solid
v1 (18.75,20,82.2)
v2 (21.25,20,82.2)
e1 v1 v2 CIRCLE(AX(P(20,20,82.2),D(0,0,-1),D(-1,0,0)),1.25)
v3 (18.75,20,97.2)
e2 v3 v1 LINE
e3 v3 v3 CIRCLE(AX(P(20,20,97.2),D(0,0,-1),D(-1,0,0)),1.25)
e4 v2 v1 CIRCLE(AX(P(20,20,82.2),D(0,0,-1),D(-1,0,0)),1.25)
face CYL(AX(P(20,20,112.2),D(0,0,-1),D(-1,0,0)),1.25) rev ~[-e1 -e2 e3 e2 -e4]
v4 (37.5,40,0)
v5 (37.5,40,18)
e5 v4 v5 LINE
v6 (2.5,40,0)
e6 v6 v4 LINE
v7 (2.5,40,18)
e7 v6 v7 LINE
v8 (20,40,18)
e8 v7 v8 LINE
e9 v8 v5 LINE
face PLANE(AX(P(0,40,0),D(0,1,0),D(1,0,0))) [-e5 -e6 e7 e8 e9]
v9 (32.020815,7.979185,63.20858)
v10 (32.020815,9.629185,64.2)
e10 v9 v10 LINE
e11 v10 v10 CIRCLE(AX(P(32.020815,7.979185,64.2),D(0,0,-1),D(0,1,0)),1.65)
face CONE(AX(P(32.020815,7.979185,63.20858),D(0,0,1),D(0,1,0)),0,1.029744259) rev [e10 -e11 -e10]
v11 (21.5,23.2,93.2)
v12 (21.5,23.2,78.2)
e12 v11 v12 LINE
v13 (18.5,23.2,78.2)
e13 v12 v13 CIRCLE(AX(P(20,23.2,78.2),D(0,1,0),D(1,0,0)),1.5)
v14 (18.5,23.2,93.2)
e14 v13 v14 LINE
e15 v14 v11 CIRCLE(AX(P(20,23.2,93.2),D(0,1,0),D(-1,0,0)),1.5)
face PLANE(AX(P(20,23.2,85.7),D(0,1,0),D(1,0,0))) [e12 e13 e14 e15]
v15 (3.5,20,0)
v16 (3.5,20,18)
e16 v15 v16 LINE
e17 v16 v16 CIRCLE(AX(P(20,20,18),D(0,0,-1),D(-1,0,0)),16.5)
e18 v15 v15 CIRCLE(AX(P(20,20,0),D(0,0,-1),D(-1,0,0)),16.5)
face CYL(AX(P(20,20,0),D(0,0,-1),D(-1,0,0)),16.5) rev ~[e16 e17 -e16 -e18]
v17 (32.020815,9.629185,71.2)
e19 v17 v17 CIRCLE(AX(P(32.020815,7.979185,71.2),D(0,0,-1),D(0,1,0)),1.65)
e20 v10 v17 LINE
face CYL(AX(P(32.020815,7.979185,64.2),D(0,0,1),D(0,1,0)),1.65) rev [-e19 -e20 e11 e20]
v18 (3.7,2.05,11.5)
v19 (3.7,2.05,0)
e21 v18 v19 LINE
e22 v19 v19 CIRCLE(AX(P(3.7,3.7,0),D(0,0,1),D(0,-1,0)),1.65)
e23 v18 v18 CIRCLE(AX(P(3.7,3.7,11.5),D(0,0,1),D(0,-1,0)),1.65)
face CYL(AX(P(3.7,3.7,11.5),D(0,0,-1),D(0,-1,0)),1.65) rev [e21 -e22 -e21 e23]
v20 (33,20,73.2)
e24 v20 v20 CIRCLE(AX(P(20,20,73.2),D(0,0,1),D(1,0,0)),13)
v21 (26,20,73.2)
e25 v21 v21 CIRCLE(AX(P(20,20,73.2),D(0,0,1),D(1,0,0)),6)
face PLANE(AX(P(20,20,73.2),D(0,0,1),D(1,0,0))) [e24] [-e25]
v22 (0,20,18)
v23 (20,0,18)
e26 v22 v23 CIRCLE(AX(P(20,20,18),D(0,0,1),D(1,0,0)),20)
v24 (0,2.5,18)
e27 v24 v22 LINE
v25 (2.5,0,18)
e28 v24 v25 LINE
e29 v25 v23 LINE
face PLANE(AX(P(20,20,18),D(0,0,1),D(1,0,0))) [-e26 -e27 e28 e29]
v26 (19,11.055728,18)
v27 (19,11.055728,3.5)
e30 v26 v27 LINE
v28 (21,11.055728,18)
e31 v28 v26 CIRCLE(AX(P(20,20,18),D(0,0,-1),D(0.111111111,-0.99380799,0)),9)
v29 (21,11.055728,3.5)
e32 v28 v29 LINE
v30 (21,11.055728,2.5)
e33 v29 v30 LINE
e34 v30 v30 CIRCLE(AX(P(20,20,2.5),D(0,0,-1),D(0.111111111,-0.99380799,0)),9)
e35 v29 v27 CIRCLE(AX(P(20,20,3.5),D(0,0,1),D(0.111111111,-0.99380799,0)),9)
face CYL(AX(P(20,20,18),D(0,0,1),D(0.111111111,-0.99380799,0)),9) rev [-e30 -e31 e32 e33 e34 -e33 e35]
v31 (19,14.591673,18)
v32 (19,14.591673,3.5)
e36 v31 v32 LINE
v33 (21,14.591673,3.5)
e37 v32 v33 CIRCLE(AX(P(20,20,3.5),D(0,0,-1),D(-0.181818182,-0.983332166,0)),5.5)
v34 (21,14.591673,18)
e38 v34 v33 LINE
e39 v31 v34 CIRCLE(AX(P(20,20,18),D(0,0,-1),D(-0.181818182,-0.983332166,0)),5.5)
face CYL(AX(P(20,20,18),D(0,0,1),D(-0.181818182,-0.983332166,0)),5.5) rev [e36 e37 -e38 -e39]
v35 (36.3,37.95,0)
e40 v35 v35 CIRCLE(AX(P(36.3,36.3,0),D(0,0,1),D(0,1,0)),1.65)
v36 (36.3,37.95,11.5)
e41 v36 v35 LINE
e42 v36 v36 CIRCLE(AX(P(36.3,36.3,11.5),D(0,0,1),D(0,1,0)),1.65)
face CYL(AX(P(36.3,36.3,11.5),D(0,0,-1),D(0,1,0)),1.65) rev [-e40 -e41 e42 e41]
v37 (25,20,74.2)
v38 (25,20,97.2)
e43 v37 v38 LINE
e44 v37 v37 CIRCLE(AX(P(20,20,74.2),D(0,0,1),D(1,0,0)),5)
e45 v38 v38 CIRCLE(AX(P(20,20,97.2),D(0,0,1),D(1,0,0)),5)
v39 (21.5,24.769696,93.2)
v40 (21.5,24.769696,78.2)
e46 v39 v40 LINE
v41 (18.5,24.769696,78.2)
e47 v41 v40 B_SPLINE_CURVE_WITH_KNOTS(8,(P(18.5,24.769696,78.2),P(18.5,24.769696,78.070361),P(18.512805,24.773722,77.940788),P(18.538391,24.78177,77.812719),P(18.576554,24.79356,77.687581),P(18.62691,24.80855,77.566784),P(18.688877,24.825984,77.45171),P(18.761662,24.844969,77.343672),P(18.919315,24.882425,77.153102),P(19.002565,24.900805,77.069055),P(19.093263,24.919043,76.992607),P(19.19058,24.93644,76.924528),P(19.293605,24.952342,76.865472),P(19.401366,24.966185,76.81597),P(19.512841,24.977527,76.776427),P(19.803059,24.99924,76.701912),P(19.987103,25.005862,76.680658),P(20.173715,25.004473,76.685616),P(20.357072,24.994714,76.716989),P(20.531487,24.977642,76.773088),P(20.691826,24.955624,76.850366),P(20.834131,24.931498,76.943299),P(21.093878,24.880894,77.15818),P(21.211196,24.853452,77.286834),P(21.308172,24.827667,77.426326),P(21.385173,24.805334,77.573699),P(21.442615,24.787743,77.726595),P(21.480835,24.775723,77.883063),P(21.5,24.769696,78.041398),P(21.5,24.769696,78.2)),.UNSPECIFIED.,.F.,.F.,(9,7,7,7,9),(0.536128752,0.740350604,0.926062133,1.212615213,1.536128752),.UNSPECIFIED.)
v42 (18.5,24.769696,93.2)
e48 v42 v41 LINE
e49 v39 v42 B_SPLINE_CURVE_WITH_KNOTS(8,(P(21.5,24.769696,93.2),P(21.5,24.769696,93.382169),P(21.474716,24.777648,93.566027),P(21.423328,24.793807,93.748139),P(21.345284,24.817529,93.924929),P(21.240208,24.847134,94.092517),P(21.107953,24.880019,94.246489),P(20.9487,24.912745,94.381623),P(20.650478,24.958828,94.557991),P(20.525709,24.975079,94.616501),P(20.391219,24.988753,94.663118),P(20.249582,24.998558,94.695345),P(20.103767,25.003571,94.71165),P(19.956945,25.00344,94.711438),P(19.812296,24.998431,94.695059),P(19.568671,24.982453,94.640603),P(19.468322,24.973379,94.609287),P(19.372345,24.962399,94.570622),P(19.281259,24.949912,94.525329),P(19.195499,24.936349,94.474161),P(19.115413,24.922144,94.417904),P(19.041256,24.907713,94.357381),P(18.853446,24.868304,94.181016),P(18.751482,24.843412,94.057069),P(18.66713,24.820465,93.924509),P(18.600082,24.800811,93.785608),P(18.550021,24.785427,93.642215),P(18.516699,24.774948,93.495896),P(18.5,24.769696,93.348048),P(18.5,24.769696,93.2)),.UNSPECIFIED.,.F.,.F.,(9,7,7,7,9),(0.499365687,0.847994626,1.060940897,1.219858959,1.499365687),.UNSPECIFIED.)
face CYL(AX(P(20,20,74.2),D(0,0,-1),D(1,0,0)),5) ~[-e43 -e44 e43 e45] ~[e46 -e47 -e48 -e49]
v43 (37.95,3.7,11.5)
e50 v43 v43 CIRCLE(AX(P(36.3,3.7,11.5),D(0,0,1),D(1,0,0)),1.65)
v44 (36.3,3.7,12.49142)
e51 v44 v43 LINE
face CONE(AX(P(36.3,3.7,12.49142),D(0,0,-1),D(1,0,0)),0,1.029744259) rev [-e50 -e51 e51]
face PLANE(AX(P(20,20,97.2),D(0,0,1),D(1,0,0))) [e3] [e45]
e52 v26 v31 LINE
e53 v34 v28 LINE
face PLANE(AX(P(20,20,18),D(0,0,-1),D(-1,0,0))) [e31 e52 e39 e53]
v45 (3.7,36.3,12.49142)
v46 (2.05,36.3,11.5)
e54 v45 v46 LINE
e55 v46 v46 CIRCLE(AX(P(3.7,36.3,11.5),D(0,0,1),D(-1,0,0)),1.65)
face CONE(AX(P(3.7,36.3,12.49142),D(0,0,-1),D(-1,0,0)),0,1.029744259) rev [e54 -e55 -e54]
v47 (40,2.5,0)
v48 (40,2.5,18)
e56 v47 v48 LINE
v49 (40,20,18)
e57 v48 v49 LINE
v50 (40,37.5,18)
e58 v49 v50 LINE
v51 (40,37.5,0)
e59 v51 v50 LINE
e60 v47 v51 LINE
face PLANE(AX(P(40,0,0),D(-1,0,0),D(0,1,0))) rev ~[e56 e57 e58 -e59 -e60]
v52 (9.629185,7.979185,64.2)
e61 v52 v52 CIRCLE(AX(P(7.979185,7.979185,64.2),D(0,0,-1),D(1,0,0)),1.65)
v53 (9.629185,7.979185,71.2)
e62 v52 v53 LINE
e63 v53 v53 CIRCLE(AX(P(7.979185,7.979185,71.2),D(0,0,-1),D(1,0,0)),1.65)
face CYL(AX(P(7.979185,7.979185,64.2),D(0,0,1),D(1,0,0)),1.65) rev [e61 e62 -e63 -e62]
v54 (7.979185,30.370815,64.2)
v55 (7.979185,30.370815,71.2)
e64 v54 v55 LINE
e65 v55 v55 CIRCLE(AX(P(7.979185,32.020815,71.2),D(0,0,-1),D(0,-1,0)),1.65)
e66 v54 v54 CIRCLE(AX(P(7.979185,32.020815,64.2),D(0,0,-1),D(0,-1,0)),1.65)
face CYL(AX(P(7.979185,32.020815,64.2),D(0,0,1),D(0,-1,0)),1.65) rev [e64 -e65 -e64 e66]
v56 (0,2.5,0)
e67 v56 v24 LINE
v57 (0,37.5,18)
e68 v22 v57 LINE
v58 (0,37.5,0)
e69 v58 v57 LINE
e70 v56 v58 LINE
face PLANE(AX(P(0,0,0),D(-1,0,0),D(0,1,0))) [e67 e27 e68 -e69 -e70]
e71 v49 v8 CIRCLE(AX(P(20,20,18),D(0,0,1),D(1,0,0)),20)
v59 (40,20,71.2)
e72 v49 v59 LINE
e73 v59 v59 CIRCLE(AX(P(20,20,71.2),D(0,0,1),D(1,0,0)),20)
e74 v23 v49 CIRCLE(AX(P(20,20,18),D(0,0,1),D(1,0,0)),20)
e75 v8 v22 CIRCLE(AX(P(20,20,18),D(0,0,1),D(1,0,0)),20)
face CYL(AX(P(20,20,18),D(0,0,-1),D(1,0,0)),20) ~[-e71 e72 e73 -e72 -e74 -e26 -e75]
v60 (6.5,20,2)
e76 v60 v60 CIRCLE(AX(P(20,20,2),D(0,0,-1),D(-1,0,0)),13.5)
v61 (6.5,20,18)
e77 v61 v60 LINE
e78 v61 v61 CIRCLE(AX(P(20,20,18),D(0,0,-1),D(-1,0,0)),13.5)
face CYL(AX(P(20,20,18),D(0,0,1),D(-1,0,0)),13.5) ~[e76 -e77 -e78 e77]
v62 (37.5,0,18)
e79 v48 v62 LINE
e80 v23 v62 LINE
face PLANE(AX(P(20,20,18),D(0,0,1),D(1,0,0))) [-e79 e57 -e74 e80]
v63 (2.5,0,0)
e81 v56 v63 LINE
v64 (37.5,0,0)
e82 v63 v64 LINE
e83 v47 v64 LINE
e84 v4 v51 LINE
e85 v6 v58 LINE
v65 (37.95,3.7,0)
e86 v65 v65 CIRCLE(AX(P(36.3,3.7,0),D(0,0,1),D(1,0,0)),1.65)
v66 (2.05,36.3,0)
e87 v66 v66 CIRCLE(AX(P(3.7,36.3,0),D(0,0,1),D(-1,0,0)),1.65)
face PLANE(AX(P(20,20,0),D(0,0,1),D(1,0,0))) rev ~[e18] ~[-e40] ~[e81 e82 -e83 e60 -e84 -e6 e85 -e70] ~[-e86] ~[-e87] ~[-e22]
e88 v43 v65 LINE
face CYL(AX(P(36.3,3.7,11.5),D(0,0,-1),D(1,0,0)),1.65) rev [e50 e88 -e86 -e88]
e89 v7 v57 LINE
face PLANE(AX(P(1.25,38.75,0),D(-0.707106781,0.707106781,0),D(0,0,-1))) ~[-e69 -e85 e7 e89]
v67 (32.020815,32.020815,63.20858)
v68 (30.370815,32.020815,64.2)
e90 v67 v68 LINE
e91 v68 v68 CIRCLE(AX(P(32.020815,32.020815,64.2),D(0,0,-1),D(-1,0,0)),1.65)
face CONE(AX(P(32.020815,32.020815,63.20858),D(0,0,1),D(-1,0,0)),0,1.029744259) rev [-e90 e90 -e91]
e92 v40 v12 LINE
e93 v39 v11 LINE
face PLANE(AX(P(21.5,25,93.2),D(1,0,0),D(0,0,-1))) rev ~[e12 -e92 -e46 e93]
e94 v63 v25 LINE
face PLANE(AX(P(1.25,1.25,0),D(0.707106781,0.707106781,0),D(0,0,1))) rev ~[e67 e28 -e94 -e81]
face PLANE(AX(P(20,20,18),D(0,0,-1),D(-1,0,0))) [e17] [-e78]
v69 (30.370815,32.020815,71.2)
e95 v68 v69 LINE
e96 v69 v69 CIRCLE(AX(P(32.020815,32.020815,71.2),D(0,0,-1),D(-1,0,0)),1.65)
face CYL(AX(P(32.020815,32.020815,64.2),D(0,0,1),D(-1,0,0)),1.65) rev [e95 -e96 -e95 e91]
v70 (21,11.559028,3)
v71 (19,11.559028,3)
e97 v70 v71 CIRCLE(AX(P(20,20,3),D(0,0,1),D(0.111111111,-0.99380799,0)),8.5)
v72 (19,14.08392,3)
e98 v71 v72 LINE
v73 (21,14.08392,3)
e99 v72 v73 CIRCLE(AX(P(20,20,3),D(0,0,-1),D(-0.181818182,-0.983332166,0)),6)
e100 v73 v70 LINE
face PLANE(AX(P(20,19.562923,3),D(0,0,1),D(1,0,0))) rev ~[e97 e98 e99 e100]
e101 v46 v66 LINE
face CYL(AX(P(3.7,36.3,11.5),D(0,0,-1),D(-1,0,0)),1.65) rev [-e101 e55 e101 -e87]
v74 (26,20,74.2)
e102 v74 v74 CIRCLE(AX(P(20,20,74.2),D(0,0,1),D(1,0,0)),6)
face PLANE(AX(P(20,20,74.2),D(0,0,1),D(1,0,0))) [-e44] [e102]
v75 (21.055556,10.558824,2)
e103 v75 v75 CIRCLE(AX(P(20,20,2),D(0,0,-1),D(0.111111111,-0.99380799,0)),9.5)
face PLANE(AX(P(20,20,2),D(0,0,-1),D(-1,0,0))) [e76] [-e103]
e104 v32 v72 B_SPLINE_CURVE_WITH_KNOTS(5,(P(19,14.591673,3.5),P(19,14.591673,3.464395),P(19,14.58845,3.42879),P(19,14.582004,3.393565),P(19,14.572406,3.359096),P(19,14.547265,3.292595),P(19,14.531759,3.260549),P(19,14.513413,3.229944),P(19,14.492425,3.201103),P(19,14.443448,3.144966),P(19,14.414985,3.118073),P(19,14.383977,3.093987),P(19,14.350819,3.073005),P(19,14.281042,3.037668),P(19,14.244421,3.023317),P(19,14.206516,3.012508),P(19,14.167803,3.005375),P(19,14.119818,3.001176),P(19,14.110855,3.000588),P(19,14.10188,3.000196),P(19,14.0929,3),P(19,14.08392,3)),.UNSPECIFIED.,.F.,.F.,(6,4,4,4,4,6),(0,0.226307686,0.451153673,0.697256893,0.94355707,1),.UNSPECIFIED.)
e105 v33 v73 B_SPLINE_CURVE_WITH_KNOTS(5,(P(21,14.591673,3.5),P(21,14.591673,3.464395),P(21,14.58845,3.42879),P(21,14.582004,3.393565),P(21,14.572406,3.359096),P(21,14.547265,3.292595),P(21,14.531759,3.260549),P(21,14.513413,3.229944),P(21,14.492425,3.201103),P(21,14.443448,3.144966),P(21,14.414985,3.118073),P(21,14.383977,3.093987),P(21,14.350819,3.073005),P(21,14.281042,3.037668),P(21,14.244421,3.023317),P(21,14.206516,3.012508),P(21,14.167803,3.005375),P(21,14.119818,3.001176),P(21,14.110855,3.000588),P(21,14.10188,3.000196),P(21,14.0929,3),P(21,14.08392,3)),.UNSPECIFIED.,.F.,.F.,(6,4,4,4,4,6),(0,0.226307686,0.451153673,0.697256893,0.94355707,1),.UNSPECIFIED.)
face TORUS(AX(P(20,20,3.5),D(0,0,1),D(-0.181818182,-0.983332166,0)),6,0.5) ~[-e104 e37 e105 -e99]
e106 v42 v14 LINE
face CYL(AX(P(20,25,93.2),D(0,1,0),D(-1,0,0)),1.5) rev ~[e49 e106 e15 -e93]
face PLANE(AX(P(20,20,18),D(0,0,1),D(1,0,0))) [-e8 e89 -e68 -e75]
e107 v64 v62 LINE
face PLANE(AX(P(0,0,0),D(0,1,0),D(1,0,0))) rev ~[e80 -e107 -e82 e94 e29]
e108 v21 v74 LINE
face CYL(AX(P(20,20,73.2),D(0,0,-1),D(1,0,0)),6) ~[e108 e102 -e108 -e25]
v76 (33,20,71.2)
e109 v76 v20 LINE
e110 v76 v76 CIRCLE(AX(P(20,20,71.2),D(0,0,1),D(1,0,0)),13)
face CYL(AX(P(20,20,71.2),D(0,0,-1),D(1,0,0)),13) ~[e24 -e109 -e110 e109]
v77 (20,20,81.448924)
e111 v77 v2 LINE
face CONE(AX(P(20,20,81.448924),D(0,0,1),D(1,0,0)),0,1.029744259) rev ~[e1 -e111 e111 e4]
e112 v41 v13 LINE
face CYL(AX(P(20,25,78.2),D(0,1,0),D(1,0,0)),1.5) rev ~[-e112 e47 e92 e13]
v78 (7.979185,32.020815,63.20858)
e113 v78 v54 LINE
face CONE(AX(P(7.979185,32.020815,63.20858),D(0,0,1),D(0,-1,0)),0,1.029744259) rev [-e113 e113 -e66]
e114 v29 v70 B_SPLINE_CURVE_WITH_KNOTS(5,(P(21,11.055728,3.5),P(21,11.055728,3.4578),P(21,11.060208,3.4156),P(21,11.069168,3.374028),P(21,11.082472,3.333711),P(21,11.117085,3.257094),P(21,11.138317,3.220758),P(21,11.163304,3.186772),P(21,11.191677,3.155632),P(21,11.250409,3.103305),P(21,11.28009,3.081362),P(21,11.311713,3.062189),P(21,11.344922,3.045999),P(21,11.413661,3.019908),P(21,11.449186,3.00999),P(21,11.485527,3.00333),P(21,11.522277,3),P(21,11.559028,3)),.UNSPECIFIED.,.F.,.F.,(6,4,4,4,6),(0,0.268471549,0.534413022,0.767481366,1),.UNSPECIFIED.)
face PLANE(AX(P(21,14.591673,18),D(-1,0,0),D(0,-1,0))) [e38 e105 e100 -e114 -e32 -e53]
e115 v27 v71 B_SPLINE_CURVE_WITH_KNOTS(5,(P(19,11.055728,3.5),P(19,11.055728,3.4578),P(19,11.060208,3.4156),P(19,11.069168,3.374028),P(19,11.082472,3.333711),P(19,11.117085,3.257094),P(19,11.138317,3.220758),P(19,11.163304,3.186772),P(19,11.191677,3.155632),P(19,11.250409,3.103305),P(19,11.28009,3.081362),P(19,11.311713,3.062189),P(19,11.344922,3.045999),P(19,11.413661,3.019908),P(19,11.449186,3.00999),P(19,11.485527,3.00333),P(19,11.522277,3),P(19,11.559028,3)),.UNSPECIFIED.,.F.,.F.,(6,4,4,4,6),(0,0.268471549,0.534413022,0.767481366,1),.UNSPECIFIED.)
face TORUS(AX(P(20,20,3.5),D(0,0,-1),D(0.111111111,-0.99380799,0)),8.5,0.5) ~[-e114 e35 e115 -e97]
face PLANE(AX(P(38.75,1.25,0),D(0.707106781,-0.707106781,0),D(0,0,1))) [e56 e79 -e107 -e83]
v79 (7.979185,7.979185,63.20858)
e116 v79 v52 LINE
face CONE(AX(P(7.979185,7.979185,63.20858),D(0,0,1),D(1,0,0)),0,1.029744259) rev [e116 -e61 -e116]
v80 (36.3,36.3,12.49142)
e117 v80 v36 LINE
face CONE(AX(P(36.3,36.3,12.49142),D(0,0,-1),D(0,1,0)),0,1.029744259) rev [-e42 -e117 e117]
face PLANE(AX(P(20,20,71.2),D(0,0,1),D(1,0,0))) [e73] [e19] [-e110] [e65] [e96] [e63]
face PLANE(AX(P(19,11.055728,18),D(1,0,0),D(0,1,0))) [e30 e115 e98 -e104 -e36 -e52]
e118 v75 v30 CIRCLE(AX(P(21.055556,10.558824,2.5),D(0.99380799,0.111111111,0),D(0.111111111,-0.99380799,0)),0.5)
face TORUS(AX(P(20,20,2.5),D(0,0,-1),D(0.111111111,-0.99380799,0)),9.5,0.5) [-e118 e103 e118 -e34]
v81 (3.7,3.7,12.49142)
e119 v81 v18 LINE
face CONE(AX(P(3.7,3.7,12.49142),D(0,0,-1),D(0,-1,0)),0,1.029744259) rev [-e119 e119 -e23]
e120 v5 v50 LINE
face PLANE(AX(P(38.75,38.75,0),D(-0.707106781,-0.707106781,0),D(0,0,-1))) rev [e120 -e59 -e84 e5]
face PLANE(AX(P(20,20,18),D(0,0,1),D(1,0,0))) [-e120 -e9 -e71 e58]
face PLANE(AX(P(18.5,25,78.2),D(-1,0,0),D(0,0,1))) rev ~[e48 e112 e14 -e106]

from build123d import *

# Parameters (mm, degrees)
SKETCH_1_W               = 40
SKETCH_1_H               = 40
EXTRUDE_1_DEPTH          = 18
SKETCH_2_R               = 20
EXTRUDE_2_DEPTH          = 53.2
SKETCH_3_R               = 13
EXTRUDE_3_DEPTH          = 2
SKETCH_4_R               = 6
EXTRUDE_4_DEPTH          = 1
SKETCH_5_R               = 5
EXTRUDE_5_DEPTH          = 23
CUT_EXTRUDE_1_DEPTH      = 1.8
HOLE_WIZARD_M31_D        = 2.5
HOLE_WIZARD_M31_DEPTH    = 15
HOLE_WIZARD_M31_TIP      = 0.751075774
PATTERN_CIRCULAR_1_COUNT = 4
CHAMFER_1_SIZE           = 2.5
SKETCH_15_R              = 16.5
CUT_EXTRUDE_2_DEPTH      = 18
EXTRUDE_6_DEPTH          = 15
FILLET_1_R               = 0.5
SKETCH_17_R              = 13.5
SKETCH_17_R_2            = 9
EXTRUDE_7_DEPTH          = 16
FILLET_2_R               = 0.5
PATTERN_CIRCULAR_2_COUNT = 4


with BuildPart() as part:
    # Эскиз1 → Бобышка-Вытянуть1 (new body)
    with BuildSketch(Plane.XY):
        with Locations((20, 20)):
            Rectangle(SKETCH_1_W, SKETCH_1_H)
    extrude(amount=EXTRUDE_1_DEPTH)

    # Эскиз2 → Бобышка-Вытянуть2 (add)
    with BuildSketch(Plane.XY.offset(18)):
        with Locations((20, 20)):
            Circle(SKETCH_2_R)
    extrude(amount=EXTRUDE_2_DEPTH)

    # Эскиз3 → Бобышка-Вытянуть3 (add)
    with BuildSketch(Plane.XY.offset(71.2)):
        with Locations((20, 20)):
            Circle(SKETCH_3_R)
    extrude(amount=EXTRUDE_3_DEPTH)

    # Эскиз4 → Бобышка-Вытянуть4 (add)
    with BuildSketch(Plane.XY.offset(73.2)):
        with Locations((20, 20)):
            Circle(SKETCH_4_R)
    extrude(amount=EXTRUDE_4_DEPTH)

    # Эскиз5 → Бобышка-Вытянуть5 (add)
    with BuildSketch(Plane.XY.offset(74.2)):
        with Locations((20, 20)):
            Circle(SKETCH_5_R)
    extrude(amount=EXTRUDE_5_DEPTH)

    # Эскиз9 → Вырез-Вытянуть1 (cut)
    with BuildSketch(Plane(origin=(0, 25, 0), x_dir=(-1, 0, 0), z_dir=(0, -1, 0))):
        with BuildLine():
            Line((-21.5, -93.2), (-21.5, -78.2))
            ThreePointArc((-21.5, -78.2), (-20, -76.7), (-18.5, -78.2))
            Line((-18.5, -78.2), (-18.5, -93.2))
            ThreePointArc((-18.5, -93.2), (-20, -94.7), (-21.5, -93.2))
        make_face()
    extrude(amount=CUT_EXTRUDE_1_DEPTH, mode=Mode.SUBTRACT)

    # Отверстие обработанное метчиком M31
    with Locations(Plane.XY.offset(97.2)):
        with Locations((20, 20)):
            Hole(HOLE_WIZARD_M31_D / 2, depth=HOLE_WIZARD_M31_DEPTH)
            with Locations((0, 0, -(HOLE_WIZARD_M31_DEPTH + HOLE_WIZARD_M31_TIP / 2))):  # 118° drill point
                Cone(0, HOLE_WIZARD_M31_D / 2, HOLE_WIZARD_M31_TIP, mode=Mode.SUBTRACT)

    # Эскиз14 → Отверстие обработанное метчиком M41 (revolve, cut)
    with BuildSketch(Plane(origin=(7.97918472, 32.02081528, 71.2), x_dir=(0, -1, 0), z_dir=(1, 0, 0))):
        Polygon((0, 0), (0, 7.991420021), (1.65, 7), (1.65, 0), align=None)
    hole_wizard_m41 = revolve(axis=Axis((7.97918472, 32.02081528, 77.55), (0, 0, -1)), mode=Mode.SUBTRACT)

    # Круговой массив1: Отверстие обработанное метчиком M41 ×4 about axis
    pattern_circular_1_axis = Axis((20, 20, 0), (0, 0, 1))
    for i in range(1, PATTERN_CIRCULAR_1_COUNT):
        add(hole_wizard_m41.rotate(pattern_circular_1_axis, i * 360 / PATTERN_CIRCULAR_1_COUNT), mode=Mode.SUBTRACT)

    # Фаска1
    chamfer_1_edges = [part.edges().sort_by_distance(p)[0] for p in [
        (0, 40, 9),
        (40, 40, 9),
        (40, 0, 9),
        (0, 0, 9),
    ]]
    chamfer(chamfer_1_edges, length=CHAMFER_1_SIZE)

    # Эскиз15 → Вырез-Вытянуть2 (cut)
    with BuildSketch(Plane(origin=(0, 0, 0), x_dir=(-1, 0, 0), z_dir=(0, 0, -1))):
        with Locations((-20, 20)):
            Circle(SKETCH_15_R)
    extrude(amount=-CUT_EXTRUDE_2_DEPTH, mode=Mode.SUBTRACT)

    # Эскиз16 → Бобышка-Вытянуть6 (add)
    with BuildSketch(Plane(origin=(0, 0, 18), x_dir=(-1, 0, 0), z_dir=(0, 0, -1))):
        with BuildLine():
            Line((-21, 14.591673087), (-21, 11.05572809))
            ThreePointArc((-21, 11.05572809), (-20, 29), (-19, 11.05572809))
            Line((-19, 11.05572809), (-19, 14.591673087))
            ThreePointArc((-19, 14.591673087), (-20, 25.5), (-21, 14.591673087))
        make_face()
    extrude(amount=EXTRUDE_6_DEPTH)

    # Скругление1
    fillet_1_edges = [part.edges().sort_by_distance(p)[0] for p in [
        (20, 29, 3),
        (20, 25.5, 3),
    ]]
    fillet(fillet_1_edges, radius=FILLET_1_R)

    # Эскиз17 → Бобышка-Вытянуть7 (add)
    with BuildSketch(Plane(origin=(0, 0, 18), x_dir=(-1, 0, 0), z_dir=(0, 0, -1))):
        with Locations((-20, 20)):
            Circle(SKETCH_17_R)
        with Locations(Location((-20, 20, 0), (0, 0, 263.620629792))):
            Circle(SKETCH_17_R_2, mode=Mode.SUBTRACT)
    extrude(amount=EXTRUDE_7_DEPTH)

    # Скругление2
    fillet_2_edges = [part.edges().sort_by_distance(p)[0] for p in [
        (19, 28.94427191, 2),
    ]]
    fillet(fillet_2_edges, radius=FILLET_2_R)

    # Эскиз22 → Отверстие обработанное метчиком M43 (revolve, cut)
    with BuildSketch(Plane(origin=(36.3, 36.3, 0), x_dir=(0, 1, 0), z_dir=(1, 0, 0))):
        Polygon((0, 0), (0, 12.491420021), (1.65, 11.5), (1.65, 0), align=None)
    hole_wizard_m43 = revolve(axis=Axis((36.3, 36.3, -6.35), (0, 0, 1)), mode=Mode.SUBTRACT)

    # Круговой массив2: Отверстие обработанное метчиком M43 ×4 about axis
    pattern_circular_2_axis = Axis((20, 20, 0), (0, 0, 1))
    for i in range(1, PATTERN_CIRCULAR_2_COUNT):
        add(hole_wizard_m43.rotate(pattern_circular_2_axis, i * 360 / PATTERN_CIRCULAR_2_COUNT), mode=Mode.SUBTRACT)


solid = part.part
